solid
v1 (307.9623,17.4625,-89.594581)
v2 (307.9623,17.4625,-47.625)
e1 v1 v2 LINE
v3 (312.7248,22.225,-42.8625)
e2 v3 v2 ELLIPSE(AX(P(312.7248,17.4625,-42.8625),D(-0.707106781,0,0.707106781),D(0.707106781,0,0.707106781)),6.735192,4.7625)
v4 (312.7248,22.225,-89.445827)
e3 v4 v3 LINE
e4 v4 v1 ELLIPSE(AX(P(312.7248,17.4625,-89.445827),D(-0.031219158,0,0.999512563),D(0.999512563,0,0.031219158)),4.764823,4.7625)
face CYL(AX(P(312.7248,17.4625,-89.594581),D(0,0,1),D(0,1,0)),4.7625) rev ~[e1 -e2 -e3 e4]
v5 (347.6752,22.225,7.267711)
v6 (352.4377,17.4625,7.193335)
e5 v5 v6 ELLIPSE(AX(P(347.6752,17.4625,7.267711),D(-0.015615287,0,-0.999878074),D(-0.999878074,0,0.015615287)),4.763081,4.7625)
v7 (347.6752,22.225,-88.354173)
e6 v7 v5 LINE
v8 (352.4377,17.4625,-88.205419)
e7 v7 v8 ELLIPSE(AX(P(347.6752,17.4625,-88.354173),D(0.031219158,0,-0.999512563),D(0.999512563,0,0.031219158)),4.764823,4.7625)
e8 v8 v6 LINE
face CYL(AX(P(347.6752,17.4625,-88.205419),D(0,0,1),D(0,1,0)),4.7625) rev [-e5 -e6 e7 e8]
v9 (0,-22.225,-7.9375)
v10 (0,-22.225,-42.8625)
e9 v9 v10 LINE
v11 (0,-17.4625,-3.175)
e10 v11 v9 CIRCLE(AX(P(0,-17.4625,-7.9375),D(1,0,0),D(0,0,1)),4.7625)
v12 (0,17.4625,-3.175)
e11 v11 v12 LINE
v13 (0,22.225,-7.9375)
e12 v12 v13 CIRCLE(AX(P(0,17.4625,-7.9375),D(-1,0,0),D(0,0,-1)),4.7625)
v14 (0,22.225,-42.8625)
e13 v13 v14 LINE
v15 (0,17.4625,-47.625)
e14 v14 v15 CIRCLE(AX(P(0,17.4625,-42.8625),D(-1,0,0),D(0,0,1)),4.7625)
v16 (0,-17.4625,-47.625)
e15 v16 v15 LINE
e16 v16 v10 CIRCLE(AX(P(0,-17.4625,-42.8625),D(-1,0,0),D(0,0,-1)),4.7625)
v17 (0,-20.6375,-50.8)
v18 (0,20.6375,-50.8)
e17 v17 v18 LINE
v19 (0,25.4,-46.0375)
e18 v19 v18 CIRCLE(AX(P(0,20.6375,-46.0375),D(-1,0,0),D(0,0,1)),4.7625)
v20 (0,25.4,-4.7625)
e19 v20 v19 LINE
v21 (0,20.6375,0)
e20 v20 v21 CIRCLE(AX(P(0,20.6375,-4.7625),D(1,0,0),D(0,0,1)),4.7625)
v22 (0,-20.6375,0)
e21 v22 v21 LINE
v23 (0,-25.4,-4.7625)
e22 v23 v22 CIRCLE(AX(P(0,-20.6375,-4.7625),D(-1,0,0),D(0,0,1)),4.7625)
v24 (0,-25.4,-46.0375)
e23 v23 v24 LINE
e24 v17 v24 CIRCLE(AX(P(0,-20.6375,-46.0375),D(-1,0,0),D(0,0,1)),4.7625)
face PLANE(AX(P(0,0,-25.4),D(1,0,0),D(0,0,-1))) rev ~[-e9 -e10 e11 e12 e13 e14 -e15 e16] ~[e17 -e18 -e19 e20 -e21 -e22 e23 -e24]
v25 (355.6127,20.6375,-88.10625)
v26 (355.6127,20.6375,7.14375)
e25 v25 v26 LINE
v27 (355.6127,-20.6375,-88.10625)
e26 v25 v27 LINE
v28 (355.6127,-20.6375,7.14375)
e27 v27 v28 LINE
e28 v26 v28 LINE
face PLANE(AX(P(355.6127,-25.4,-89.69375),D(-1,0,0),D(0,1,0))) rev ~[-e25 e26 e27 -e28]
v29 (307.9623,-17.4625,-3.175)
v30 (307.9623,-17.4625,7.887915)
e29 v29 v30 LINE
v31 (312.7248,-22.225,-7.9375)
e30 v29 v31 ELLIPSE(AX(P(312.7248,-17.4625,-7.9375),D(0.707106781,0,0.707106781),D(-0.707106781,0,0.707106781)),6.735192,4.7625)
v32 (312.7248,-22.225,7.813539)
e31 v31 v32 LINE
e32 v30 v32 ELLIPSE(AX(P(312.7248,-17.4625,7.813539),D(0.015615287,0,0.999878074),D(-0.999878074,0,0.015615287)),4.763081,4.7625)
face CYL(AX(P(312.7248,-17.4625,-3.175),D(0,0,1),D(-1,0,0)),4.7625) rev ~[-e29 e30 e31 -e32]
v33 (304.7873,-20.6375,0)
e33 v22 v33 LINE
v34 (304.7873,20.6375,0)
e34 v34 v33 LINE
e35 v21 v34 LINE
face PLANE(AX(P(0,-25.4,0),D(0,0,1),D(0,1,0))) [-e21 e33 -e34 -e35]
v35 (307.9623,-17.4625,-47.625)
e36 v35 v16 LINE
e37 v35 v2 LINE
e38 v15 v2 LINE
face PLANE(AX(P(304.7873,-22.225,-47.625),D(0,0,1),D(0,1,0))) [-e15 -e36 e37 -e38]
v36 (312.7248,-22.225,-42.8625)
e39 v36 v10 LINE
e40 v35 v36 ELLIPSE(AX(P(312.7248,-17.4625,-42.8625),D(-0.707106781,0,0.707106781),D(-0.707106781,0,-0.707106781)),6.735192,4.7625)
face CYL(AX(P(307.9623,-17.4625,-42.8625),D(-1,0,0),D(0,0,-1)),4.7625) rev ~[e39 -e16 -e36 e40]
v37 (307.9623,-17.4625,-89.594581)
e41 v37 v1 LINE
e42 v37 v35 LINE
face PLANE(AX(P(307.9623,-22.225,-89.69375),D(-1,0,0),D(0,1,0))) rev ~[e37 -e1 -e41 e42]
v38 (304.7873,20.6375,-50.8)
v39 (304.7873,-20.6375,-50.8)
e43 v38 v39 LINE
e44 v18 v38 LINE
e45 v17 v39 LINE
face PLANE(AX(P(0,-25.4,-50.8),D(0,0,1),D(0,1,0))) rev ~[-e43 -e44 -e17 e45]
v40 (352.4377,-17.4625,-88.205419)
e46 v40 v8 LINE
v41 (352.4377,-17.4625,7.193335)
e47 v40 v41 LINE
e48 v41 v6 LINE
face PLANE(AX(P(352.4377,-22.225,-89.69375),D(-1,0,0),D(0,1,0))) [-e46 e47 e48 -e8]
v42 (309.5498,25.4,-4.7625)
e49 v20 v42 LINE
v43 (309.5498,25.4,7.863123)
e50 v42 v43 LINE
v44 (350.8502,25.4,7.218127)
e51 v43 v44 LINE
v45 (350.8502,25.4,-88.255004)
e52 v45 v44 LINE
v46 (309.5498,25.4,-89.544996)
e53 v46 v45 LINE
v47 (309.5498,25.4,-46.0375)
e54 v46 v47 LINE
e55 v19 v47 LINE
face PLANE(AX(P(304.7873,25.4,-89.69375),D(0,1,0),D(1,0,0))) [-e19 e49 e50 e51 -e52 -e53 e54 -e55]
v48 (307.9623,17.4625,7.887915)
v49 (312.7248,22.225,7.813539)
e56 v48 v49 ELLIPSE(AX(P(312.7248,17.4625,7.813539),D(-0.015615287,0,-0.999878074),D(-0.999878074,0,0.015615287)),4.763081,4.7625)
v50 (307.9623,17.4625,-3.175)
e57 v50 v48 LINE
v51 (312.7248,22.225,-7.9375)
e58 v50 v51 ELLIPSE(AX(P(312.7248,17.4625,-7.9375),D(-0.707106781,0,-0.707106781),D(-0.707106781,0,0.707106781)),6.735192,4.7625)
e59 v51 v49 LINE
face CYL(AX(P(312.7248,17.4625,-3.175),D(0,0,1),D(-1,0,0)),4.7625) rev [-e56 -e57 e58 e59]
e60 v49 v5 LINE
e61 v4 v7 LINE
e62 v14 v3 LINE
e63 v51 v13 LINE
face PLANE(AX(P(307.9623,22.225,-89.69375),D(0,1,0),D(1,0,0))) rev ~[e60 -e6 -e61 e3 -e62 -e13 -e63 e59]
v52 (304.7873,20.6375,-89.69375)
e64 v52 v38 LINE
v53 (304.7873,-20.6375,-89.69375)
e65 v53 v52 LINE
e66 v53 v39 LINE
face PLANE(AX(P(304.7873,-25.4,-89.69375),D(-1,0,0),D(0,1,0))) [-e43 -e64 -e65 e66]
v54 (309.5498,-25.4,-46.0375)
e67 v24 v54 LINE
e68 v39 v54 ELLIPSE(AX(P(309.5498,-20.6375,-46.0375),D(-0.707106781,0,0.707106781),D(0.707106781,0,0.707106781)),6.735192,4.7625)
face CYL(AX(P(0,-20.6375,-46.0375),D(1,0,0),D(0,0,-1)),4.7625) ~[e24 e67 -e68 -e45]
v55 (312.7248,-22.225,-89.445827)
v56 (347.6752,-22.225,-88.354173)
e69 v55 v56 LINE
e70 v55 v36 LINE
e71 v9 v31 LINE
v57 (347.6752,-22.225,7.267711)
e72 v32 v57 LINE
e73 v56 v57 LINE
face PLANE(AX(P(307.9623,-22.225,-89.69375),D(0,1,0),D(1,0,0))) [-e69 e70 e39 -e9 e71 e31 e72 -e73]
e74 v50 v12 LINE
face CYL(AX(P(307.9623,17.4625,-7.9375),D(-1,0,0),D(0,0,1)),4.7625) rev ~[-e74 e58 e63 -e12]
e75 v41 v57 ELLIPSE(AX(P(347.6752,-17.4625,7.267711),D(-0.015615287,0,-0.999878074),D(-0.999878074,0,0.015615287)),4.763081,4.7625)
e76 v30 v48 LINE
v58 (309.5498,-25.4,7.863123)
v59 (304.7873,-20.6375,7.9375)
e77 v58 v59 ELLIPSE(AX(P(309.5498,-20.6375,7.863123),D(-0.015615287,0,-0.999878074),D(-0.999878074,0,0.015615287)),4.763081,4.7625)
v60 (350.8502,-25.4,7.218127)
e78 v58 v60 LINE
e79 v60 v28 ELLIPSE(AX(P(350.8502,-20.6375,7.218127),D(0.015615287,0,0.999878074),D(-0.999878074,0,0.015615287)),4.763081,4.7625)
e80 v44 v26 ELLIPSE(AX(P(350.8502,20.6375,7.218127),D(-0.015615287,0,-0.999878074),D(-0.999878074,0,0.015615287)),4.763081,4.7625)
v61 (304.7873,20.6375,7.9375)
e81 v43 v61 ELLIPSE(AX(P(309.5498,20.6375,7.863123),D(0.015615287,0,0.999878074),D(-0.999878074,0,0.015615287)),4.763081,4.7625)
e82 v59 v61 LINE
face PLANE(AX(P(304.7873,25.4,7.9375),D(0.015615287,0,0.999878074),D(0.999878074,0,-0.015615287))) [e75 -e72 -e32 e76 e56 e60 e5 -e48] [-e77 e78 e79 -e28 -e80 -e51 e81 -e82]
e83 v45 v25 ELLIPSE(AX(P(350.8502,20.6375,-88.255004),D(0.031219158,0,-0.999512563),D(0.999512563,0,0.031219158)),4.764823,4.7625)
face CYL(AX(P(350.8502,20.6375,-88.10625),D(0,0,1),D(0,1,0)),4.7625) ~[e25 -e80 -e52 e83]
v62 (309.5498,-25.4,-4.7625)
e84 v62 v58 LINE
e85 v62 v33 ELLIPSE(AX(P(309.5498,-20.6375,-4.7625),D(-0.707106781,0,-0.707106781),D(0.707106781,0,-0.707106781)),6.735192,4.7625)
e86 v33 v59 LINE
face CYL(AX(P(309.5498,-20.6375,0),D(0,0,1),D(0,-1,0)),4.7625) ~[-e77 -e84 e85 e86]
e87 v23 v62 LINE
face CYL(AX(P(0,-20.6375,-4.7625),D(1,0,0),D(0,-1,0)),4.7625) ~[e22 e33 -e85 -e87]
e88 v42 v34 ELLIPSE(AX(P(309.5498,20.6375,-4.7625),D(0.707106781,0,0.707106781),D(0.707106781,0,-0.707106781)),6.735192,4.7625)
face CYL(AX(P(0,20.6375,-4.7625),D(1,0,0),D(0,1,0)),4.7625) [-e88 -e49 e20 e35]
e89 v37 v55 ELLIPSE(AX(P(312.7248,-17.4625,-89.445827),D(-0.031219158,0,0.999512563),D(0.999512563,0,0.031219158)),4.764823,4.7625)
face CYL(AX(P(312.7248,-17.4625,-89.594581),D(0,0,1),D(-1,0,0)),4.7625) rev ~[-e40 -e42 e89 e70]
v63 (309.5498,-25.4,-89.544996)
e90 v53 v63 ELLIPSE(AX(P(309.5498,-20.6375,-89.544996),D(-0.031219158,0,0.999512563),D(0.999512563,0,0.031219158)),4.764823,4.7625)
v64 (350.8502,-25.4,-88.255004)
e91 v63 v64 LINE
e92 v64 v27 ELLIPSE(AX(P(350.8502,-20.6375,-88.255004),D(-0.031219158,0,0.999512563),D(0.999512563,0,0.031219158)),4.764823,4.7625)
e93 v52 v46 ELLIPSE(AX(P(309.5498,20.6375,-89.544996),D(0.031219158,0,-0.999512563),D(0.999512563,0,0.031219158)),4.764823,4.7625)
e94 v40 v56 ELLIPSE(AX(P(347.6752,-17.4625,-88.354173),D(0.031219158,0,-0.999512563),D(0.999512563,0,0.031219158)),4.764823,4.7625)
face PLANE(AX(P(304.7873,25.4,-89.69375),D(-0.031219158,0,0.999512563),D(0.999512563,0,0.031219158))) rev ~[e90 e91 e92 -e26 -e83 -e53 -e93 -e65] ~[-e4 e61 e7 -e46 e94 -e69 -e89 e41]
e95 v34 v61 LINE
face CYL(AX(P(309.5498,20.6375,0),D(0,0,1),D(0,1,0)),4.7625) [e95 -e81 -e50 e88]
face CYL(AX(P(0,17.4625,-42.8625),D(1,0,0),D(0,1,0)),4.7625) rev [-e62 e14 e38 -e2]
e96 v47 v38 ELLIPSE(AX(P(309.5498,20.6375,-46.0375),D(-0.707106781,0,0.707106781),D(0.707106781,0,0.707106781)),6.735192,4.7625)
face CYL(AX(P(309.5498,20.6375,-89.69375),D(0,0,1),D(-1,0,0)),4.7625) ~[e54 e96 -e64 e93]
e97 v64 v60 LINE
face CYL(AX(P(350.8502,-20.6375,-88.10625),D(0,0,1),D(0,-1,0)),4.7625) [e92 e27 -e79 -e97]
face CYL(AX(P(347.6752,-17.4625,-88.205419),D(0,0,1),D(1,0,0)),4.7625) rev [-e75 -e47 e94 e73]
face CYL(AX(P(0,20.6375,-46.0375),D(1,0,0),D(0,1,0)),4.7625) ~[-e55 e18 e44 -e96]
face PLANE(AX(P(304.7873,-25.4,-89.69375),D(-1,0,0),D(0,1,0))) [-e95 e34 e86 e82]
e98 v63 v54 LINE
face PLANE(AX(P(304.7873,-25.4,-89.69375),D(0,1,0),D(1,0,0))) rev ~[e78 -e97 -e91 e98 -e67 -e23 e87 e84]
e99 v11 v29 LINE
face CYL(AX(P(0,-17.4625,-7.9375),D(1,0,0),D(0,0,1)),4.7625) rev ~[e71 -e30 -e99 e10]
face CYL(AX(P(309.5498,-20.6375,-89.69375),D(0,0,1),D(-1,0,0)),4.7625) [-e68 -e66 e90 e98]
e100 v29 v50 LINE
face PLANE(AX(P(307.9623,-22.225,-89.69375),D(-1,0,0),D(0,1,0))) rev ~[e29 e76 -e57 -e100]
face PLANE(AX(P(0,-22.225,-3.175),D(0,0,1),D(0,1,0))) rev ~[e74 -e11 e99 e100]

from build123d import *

# Parameters (mm, degrees)
SKETCH1_W                = 50.8
SKETCH1_H                = 50.8
SKETCH1_W_2              = 44.45
SKETCH1_H_2              = 44.45
BOSS_EXTRUDE1_DEPTH      = 304.8
BOSS_EXTRUDE2_DEPTH      = 7.9375
BOSS_EXTRUDE2_DEPTH_BACK = 89.69375
SKETCH2_W                = 50.8254
SKETCH2_H                = 50.8
SKETCH2_W_2              = 44.4754
SKETCH2_H_2              = 44.45
CUT_EXTRUDE1_DEPTH       = 371.251267642
FILLET1_R                = 4.7625
CUT_EXTRUDE2_START       = 304.7873
SKETCH1_3_W              = 44.45
SKETCH1_3_H              = 44.45
CUT_EXTRUDE2_DEPTH       = 3.175
FILLET3_R                = 4.7625


with BuildPart() as part:
    # Sketch1 → Boss-Extrude1 (new body)
    with BuildSketch(Plane(origin=(0, 0, 0), x_dir=(0, 0, -1), z_dir=(1, 0, 0))):
        with Locations((25.4, 0)):
            Rectangle(SKETCH1_W, SKETCH1_H)
        with Locations((25.4, 0)):
            Rectangle(SKETCH1_W_2, SKETCH1_H_2, mode=Mode.SUBTRACT)
    extrude(amount=BOSS_EXTRUDE1_DEPTH)

    # Sketch2 → Boss-Extrude2 (add, two sides: drawn at the far end of the back side and taken through both)
    with BuildSketch(Plane.XY.offset(-BOSS_EXTRUDE2_DEPTH_BACK)):
        with Locations((330.2, 0)):
            Rectangle(SKETCH2_W, SKETCH2_H)
        with Locations((330.2, 0)):
            Rectangle(SKETCH2_W_2, SKETCH2_H_2, mode=Mode.SUBTRACT)
    extrude(amount=BOSS_EXTRUDE2_DEPTH + BOSS_EXTRUDE2_DEPTH_BACK)

    # Sketch3 → Cut-Extrude1 (cut, through all)
    with BuildSketch(Plane(origin=(0, 25.4, 0), x_dir=(1, 0, 0), z_dir=(0, 1, 0))):
        Polygon((304.7873, 89.69375), (355.6127, 88.10625), (355.6127, 89.69375), align=None)
        Polygon((304.7873, -7.9375), (355.6127, -7.14375), (355.6127, -7.9375), align=None)
    extrude(amount=-CUT_EXTRUDE1_DEPTH, mode=Mode.SUBTRACT)

    # Fillet1
    fillet1_edges = [part.edges().sort_by_distance(p)[0] for p in [
        (152.39365, -25.4, 0),
        (152.39365, 25.4, 0),
        (152.39365, 25.4, -50.8),
        (152.39365, -25.4, -50.8),
        (304.7873, -25.4, -70.246875),
        (304.7873, -25.4, 3.96875),
        (304.7873, 25.4, -70.246875),
        (304.7873, 25.4, 3.96875),
        (355.6127, 25.4, -40.48125),
        (355.6127, -25.4, -40.48125),
    ]]
    fillet(fillet1_edges, radius=FILLET1_R)

    # Sketch1<3> → Cut-Extrude2 (cut)
    with BuildSketch(Plane(origin=(0, 0, 0), x_dir=(0, 0, -1), z_dir=(1, 0, 0)).offset(CUT_EXTRUDE2_START)):
        with Locations((25.4, 0)):
            Rectangle(SKETCH1_3_W, SKETCH1_3_H)
    extrude(amount=CUT_EXTRUDE2_DEPTH, mode=Mode.SUBTRACT)

    # Fillet3
    fillet3_edges = [part.edges().sort_by_distance(p)[0] for p in [
        (307.9623, 22.225, 2.356457709),
        (307.9623, -22.225, 2.356457709),
        (153.98115, -22.225, -47.625),
        (153.98115, 22.225, -47.625),
        (153.98115, 22.225, -3.175),
        (153.98115, -22.225, -3.175),
        (307.9623, -22.225, -68.609790417),
        (352.4377, -22.225, -40.506042291),
        (352.4377, 22.225, -40.506042291),
        (307.9623, 22.225, -68.609790417),
    ]]
    fillet(fillet3_edges, radius=FILLET3_R)


solid = part.part
